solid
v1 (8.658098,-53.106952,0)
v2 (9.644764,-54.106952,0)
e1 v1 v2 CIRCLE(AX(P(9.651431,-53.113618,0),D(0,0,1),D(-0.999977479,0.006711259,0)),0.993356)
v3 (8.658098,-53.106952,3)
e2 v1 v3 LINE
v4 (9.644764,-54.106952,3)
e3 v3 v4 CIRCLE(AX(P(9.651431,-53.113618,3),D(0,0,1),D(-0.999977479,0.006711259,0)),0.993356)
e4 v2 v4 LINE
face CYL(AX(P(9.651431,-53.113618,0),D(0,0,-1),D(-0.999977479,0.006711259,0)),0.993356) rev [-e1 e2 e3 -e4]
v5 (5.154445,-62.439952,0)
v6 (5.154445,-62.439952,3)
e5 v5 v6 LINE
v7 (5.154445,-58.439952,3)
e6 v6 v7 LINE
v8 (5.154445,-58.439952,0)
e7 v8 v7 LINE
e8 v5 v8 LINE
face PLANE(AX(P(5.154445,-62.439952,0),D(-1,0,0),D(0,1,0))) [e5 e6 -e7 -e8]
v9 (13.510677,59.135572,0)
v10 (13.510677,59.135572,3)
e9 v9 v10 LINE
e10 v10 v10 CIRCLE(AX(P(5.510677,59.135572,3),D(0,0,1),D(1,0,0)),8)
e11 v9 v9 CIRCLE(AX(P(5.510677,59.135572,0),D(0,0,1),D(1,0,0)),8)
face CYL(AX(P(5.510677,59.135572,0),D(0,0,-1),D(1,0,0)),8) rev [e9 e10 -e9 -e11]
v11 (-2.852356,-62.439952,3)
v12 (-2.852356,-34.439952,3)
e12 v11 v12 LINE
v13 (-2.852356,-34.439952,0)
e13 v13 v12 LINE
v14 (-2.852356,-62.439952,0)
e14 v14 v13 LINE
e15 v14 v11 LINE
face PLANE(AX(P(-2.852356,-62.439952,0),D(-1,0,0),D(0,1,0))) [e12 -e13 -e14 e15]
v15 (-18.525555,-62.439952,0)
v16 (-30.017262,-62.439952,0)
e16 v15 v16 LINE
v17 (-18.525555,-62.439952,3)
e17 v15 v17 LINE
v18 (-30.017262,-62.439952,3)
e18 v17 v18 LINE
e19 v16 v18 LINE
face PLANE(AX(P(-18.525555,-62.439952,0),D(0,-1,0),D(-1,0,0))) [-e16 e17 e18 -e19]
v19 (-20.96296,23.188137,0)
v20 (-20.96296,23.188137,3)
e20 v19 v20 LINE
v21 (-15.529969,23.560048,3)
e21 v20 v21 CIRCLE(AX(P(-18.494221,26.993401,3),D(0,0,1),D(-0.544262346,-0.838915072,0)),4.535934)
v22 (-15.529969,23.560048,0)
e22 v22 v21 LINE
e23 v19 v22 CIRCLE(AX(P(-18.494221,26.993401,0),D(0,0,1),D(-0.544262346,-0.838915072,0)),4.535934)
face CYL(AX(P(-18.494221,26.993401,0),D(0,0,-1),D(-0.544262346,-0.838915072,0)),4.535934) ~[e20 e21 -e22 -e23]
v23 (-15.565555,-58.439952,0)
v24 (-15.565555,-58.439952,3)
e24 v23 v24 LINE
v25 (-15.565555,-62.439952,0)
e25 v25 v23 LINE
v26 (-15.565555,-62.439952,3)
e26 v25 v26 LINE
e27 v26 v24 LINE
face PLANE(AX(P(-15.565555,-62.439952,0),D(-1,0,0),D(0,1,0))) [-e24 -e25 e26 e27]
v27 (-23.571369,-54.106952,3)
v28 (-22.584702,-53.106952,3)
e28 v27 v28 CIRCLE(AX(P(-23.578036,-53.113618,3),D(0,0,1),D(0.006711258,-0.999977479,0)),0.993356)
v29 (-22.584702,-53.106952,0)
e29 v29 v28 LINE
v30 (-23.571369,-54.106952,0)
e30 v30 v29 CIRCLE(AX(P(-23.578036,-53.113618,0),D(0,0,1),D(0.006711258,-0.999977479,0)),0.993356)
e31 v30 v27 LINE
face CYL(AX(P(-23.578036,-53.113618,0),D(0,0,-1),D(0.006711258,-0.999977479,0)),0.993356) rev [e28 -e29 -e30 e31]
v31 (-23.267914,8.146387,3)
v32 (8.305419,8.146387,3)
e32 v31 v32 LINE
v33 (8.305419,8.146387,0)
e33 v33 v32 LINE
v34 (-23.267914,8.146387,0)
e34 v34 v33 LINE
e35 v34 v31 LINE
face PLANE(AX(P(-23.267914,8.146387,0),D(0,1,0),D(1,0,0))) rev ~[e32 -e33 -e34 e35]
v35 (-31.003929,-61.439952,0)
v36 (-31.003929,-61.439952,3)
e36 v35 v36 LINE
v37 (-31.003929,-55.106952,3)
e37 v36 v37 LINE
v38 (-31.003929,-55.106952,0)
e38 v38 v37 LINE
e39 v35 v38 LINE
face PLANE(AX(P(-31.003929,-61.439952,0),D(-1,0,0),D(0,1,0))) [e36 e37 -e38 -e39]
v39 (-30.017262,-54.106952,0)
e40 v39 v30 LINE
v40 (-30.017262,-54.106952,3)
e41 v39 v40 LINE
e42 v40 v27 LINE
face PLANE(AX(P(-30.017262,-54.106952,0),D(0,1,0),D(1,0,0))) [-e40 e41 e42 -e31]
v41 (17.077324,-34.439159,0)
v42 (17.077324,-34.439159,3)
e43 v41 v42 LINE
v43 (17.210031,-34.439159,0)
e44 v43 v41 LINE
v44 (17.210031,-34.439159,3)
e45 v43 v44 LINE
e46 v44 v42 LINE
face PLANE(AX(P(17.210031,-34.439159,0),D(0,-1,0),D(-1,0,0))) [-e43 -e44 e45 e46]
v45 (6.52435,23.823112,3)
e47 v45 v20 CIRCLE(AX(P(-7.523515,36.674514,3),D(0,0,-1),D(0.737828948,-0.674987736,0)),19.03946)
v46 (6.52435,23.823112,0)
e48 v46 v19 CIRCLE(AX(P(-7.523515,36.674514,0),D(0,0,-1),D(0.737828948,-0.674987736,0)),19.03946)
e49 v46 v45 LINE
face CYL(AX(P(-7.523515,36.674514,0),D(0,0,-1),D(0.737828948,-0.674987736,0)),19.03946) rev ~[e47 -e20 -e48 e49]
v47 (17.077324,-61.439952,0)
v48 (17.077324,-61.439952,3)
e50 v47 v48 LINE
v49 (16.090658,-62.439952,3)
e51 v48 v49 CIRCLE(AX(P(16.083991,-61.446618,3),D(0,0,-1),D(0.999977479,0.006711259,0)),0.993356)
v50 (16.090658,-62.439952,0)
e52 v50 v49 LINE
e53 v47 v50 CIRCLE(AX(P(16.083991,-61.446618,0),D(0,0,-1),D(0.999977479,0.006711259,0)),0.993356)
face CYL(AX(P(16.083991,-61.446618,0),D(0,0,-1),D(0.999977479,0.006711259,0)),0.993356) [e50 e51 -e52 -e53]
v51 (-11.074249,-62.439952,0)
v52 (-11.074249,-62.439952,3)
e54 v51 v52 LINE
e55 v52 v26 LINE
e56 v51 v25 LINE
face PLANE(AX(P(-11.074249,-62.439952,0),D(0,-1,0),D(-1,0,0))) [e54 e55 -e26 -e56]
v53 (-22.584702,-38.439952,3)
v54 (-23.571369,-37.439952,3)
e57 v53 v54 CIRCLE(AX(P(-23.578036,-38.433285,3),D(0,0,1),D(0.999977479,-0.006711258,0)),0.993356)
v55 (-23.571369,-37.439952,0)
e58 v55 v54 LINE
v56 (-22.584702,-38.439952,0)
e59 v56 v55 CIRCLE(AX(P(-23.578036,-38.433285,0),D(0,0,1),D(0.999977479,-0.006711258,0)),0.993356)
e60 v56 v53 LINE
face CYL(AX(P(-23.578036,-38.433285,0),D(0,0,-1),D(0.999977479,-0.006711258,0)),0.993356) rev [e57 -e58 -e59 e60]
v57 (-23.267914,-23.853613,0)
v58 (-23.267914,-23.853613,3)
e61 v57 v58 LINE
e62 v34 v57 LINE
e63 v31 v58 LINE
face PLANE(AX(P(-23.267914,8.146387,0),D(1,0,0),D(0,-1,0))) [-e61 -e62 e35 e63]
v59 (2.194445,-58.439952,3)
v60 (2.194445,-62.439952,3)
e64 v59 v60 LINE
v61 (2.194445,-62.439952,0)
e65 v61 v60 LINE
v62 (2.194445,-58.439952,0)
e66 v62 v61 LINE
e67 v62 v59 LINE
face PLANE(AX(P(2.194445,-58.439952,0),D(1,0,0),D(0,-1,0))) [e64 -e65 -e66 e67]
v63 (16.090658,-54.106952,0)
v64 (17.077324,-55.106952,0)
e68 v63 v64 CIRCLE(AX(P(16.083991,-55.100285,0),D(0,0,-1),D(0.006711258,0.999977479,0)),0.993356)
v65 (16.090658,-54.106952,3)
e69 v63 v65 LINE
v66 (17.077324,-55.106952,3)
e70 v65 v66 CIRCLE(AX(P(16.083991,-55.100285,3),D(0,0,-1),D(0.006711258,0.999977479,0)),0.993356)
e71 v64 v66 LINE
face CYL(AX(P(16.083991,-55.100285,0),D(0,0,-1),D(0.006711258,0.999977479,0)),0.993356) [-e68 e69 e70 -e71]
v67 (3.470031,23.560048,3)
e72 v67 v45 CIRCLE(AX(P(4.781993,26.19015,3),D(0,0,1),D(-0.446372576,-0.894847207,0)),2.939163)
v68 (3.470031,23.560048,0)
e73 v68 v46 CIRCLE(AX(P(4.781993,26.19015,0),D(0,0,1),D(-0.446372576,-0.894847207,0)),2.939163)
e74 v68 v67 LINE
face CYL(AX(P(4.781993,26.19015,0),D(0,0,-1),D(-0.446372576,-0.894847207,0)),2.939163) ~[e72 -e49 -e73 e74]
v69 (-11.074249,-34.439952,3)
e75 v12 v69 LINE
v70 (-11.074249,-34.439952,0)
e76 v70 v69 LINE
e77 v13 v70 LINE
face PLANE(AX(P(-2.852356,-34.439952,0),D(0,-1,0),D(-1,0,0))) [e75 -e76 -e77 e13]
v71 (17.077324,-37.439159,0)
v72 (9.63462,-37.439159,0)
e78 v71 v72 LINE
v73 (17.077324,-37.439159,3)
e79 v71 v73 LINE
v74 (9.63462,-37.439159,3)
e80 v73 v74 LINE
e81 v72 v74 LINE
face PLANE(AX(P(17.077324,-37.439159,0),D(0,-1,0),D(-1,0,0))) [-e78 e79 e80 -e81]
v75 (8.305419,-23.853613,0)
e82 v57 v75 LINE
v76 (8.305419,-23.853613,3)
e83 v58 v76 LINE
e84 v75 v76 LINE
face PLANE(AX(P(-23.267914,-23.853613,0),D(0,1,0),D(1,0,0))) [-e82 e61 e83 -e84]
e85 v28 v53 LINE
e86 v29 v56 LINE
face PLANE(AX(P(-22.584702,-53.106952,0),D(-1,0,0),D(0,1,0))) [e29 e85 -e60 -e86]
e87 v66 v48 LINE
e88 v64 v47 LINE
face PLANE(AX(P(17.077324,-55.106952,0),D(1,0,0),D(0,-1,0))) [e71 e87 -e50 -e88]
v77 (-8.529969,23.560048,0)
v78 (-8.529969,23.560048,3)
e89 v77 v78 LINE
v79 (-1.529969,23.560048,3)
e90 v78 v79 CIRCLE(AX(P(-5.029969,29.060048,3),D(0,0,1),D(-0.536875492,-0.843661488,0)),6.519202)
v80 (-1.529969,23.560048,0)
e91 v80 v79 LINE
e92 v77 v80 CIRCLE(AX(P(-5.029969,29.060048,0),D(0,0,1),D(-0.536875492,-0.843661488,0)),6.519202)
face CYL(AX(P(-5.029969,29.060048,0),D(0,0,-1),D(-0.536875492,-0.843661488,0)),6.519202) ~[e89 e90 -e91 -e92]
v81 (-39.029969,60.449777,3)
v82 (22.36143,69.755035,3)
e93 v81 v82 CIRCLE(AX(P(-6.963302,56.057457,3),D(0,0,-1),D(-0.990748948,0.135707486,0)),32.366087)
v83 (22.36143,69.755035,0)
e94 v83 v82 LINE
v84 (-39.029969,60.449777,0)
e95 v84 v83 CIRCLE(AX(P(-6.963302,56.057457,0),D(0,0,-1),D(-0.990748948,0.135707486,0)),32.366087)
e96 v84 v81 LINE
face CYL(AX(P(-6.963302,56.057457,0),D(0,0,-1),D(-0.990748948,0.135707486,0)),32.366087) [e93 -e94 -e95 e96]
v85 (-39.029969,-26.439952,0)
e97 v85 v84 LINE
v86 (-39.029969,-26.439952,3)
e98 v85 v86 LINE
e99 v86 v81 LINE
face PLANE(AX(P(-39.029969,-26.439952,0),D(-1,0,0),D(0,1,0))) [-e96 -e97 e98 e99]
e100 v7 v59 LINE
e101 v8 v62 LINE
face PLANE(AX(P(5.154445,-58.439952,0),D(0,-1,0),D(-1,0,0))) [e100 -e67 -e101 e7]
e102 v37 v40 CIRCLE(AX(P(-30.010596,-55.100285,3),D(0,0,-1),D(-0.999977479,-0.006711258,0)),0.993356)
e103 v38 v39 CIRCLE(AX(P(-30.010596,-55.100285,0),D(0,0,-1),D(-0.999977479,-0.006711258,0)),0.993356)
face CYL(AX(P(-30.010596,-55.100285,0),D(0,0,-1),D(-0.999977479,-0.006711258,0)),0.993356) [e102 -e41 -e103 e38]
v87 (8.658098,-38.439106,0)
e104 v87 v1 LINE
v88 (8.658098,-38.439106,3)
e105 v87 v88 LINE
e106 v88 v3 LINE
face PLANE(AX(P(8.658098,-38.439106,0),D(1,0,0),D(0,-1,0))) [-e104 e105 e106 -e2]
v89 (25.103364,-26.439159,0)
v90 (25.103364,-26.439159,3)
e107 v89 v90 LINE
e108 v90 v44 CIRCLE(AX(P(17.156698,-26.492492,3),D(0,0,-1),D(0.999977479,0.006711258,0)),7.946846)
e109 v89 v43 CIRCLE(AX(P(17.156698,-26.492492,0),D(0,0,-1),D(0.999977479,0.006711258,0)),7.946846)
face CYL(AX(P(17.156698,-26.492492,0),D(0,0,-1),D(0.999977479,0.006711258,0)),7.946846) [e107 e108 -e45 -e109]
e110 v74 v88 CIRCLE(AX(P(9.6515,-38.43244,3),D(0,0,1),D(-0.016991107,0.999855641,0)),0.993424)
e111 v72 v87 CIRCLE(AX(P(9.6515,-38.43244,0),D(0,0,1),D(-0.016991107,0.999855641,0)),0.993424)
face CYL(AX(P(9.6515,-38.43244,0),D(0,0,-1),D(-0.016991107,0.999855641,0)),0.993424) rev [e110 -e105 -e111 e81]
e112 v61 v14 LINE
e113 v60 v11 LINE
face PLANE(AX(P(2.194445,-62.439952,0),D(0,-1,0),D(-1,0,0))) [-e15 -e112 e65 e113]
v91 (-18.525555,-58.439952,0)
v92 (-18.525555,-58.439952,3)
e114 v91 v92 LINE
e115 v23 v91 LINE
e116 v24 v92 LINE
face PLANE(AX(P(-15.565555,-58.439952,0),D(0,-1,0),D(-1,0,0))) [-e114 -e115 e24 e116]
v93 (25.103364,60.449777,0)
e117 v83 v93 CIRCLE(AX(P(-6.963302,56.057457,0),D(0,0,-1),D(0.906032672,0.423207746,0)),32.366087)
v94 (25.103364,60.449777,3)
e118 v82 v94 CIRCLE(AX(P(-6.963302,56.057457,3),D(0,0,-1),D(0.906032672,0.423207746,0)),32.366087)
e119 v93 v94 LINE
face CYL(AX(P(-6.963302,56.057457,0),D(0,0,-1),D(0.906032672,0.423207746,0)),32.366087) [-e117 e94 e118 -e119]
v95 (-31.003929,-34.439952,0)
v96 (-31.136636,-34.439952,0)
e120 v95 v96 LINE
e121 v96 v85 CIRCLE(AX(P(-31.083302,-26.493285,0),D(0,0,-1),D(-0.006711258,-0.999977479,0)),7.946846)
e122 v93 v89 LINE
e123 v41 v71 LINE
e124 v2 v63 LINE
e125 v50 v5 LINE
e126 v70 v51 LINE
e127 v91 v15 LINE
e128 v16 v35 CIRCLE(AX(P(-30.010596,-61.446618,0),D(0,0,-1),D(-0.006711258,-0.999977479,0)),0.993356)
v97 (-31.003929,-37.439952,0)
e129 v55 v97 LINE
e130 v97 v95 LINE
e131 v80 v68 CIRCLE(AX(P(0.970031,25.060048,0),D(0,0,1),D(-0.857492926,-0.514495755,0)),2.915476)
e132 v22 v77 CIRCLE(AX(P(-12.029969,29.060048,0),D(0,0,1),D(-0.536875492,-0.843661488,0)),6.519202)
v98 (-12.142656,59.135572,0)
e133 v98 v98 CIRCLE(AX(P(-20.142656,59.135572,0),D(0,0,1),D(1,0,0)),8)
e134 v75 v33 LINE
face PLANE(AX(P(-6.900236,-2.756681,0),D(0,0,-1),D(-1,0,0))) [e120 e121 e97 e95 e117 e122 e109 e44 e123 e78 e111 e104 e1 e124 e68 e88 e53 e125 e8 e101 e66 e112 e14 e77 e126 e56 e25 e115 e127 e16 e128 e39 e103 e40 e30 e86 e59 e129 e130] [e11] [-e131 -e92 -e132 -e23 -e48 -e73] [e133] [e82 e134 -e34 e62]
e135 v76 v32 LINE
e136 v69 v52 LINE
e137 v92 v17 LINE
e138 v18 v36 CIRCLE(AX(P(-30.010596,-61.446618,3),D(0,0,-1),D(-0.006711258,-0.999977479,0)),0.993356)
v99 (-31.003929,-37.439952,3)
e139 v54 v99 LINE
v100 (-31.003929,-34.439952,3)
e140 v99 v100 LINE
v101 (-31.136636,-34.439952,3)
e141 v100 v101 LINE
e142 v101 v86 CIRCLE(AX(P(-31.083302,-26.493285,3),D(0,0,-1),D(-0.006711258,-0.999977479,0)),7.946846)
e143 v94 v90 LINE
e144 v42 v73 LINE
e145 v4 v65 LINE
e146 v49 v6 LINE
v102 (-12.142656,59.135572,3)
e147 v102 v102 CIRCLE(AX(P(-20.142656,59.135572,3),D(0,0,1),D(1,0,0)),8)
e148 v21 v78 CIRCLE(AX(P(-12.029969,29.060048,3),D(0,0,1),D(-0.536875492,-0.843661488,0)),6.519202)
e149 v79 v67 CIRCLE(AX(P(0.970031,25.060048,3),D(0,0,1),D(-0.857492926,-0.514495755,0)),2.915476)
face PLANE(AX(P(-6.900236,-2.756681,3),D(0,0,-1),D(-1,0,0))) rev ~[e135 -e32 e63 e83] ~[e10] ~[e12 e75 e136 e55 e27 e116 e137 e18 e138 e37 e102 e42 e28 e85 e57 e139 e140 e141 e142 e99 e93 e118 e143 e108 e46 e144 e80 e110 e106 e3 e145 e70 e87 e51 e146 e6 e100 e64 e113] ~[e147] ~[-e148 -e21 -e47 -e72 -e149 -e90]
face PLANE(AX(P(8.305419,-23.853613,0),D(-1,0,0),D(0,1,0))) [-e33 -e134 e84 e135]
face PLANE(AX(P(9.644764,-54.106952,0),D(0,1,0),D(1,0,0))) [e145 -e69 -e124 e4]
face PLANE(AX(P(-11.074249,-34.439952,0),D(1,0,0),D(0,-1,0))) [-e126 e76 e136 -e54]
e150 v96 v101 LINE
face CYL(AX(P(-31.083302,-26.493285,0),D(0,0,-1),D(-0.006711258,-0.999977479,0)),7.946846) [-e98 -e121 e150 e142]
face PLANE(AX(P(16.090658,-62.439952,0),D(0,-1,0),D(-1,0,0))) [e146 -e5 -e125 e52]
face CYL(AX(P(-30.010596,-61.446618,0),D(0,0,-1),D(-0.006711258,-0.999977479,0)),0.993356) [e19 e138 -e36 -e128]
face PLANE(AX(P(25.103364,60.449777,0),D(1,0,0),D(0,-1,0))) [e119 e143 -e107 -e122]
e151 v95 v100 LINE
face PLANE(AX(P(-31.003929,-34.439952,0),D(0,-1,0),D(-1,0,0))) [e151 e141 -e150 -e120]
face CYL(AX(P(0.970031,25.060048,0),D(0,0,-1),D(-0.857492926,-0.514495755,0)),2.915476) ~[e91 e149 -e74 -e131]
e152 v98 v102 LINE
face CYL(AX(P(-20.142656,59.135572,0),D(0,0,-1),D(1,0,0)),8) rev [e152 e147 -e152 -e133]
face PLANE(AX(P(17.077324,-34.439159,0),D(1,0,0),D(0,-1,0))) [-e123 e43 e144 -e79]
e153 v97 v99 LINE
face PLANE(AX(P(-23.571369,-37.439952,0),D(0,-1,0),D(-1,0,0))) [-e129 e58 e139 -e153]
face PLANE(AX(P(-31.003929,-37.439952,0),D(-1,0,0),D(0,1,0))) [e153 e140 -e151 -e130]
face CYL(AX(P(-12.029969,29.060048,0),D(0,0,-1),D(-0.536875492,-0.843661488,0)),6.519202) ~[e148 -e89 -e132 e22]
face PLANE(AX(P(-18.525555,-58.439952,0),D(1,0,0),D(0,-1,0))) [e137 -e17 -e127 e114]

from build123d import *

# Parameters (mm, degrees)
MODEL_R                 = 8
SALIENTE_EXTRUIR1_DEPTH = 3


with BuildPart() as part:
    # Model → Saliente-Extruir1 (new body)
    with BuildSketch(Plane.XY):
        with BuildLine():
            Line((25.103364369, 60.449776828), (25.103364369, 55.560048431))
            Line((25.103364369, 55.560048431), (25.103364369, -26.439158767))
            ThreePointArc((25.103364369, -26.439158767), (22.813551952, -32.073921627), (17.210031036, -34.439158767))
            Line((17.210031036, -34.439158767), (17.077324369, -34.439158767))
            Line((17.077324369, -34.439158767), (17.077324369, -36.439158767))
            Line((17.077324369, -36.439158767), (17.077324369, -37.439158767))
            Line((17.077324369, -37.439158767), (9.634620202, -37.439158767))
            ThreePointArc((9.634620202, -37.439158767), (8.940767121, -37.73835668), (8.658097702, -38.439105914))
            Line((8.658097702, -38.439105914), (8.658097702, -53.106951569))
            ThreePointArc((8.658097702, -53.106951569), (8.944324254, -53.811296927), (9.644764369, -54.106951569))
            Line((9.644764369, -54.106951569), (16.090657702, -54.106951569))
            ThreePointArc((16.090657702, -54.106951569), (16.791097817, -54.402606212), (17.077324369, -55.106951569))
            Line((17.077324369, -55.106951569), (17.077324369, -61.439951569))
            ThreePointArc((17.077324369, -61.439951569), (16.791097817, -62.144296927), (16.090657702, -62.439951569))
            Line((16.090657702, -62.439951569), (5.154444792, -62.439951569))
            Line((5.154444792, -62.439951569), (5.154444792, -58.439951569))
            Line((5.154444792, -58.439951569), (2.194444792, -58.439951569))
            Line((2.194444792, -58.439951569), (2.194444792, -62.439951569))
            Line((2.194444792, -62.439951569), (-2.852355631, -62.439951569))
            Line((-2.852355631, -62.439951569), (-2.852355631, -34.439951569))
            Line((-2.852355631, -34.439951569), (-11.074248964, -34.439951569))
            Line((-11.074248964, -34.439951569), (-11.074248964, -62.439951569))
            Line((-11.074248964, -62.439951569), (-15.565555208, -62.439951569))
            Line((-15.565555208, -62.439951569), (-15.565555208, -58.439951569))
            Line((-15.565555208, -58.439951569), (-18.525555208, -58.439951569))
            Line((-18.525555208, -58.439951569), (-18.525555208, -62.439951569))
            Line((-18.525555208, -62.439951569), (-30.017262298, -62.439951569))
            ThreePointArc((-30.017262298, -62.439951569), (-30.717702412, -62.144296927), (-31.003928964, -61.439951569))
            Line((-31.003928964, -61.439951569), (-31.003928964, -55.106951569))
            ThreePointArc((-31.003928964, -55.106951569), (-30.717702412, -54.402606212), (-30.017262298, -54.106951569))
            Line((-30.017262298, -54.106951569), (-23.571368964, -54.106951569))
            ThreePointArc((-23.571368964, -54.106951569), (-22.87092885, -53.811296927), (-22.584702298, -53.106951569))
            Line((-22.584702298, -53.106951569), (-22.584702298, -38.439951569))
            ThreePointArc((-22.584702298, -38.439951569), (-22.87092885, -37.735606212), (-23.571368964, -37.439951569))
            Line((-23.571368964, -37.439951569), (-31.003928964, -37.439951569))
            Line((-31.003928964, -37.439951569), (-31.003928964, -34.439951569))
            Line((-31.003928964, -34.439951569), (-31.136635631, -34.439951569))
            ThreePointArc((-31.136635631, -34.439951569), (-36.740156547, -32.074714429), (-39.029968964, -26.439951569))
            Line((-39.029968964, -26.439951569), (-39.029968964, 60.449776828))
            ThreePointArc((-39.029968964, 60.449776828), (-11.813715639, 88.05803587), (22.36143002, 69.755035253))
            ThreePointArc((22.36143002, 69.755035253), (24.083000637, 65.205716618), (25.103364369, 60.449776828))
        make_face()
        with Locations((5.510677067, 59.135571807)):
            Circle(MODEL_R, mode=Mode.SUBTRACT)
        with Locations((-20.142656266, 59.135571807)):
            Circle(MODEL_R, mode=Mode.SUBTRACT)
        Polygon((8.30541929, 8.146386979), (-6.981247377, 8.146386979), (-23.267914044, 8.146386979), (-23.267914044, -23.853613021), (8.30541929, -23.853613021), align=None, mode=Mode.SUBTRACT)
        with BuildLine():
            ThreePointArc((3.470031036, 23.560048431), (5.034204267, 23.261828431), (6.524349919, 23.823111786))
            ThreePointArc((6.524349919, 23.823111786), (-7.083808204, 17.640131856), (-20.962959728, 23.188137015))
            ThreePointArc((-20.962959728, 23.188137015), (-18.18444232, 22.468056811), (-15.529968964, 23.560048431))
            ThreePointArc((-15.529968964, 23.560048431), (-12.029968964, 22.540846026), (-8.529968964, 23.560048431))
            ThreePointArc((-8.529968964, 23.560048431), (-5.029968964, 22.540846026), (-1.529968964, 23.560048431))
            ThreePointArc((-1.529968964, 23.560048431), (0.970031036, 22.144572483), (3.470031036, 23.560048431))
        make_face(mode=Mode.SUBTRACT)
    extrude(amount=SALIENTE_EXTRUIR1_DEPTH)


solid = part.part
